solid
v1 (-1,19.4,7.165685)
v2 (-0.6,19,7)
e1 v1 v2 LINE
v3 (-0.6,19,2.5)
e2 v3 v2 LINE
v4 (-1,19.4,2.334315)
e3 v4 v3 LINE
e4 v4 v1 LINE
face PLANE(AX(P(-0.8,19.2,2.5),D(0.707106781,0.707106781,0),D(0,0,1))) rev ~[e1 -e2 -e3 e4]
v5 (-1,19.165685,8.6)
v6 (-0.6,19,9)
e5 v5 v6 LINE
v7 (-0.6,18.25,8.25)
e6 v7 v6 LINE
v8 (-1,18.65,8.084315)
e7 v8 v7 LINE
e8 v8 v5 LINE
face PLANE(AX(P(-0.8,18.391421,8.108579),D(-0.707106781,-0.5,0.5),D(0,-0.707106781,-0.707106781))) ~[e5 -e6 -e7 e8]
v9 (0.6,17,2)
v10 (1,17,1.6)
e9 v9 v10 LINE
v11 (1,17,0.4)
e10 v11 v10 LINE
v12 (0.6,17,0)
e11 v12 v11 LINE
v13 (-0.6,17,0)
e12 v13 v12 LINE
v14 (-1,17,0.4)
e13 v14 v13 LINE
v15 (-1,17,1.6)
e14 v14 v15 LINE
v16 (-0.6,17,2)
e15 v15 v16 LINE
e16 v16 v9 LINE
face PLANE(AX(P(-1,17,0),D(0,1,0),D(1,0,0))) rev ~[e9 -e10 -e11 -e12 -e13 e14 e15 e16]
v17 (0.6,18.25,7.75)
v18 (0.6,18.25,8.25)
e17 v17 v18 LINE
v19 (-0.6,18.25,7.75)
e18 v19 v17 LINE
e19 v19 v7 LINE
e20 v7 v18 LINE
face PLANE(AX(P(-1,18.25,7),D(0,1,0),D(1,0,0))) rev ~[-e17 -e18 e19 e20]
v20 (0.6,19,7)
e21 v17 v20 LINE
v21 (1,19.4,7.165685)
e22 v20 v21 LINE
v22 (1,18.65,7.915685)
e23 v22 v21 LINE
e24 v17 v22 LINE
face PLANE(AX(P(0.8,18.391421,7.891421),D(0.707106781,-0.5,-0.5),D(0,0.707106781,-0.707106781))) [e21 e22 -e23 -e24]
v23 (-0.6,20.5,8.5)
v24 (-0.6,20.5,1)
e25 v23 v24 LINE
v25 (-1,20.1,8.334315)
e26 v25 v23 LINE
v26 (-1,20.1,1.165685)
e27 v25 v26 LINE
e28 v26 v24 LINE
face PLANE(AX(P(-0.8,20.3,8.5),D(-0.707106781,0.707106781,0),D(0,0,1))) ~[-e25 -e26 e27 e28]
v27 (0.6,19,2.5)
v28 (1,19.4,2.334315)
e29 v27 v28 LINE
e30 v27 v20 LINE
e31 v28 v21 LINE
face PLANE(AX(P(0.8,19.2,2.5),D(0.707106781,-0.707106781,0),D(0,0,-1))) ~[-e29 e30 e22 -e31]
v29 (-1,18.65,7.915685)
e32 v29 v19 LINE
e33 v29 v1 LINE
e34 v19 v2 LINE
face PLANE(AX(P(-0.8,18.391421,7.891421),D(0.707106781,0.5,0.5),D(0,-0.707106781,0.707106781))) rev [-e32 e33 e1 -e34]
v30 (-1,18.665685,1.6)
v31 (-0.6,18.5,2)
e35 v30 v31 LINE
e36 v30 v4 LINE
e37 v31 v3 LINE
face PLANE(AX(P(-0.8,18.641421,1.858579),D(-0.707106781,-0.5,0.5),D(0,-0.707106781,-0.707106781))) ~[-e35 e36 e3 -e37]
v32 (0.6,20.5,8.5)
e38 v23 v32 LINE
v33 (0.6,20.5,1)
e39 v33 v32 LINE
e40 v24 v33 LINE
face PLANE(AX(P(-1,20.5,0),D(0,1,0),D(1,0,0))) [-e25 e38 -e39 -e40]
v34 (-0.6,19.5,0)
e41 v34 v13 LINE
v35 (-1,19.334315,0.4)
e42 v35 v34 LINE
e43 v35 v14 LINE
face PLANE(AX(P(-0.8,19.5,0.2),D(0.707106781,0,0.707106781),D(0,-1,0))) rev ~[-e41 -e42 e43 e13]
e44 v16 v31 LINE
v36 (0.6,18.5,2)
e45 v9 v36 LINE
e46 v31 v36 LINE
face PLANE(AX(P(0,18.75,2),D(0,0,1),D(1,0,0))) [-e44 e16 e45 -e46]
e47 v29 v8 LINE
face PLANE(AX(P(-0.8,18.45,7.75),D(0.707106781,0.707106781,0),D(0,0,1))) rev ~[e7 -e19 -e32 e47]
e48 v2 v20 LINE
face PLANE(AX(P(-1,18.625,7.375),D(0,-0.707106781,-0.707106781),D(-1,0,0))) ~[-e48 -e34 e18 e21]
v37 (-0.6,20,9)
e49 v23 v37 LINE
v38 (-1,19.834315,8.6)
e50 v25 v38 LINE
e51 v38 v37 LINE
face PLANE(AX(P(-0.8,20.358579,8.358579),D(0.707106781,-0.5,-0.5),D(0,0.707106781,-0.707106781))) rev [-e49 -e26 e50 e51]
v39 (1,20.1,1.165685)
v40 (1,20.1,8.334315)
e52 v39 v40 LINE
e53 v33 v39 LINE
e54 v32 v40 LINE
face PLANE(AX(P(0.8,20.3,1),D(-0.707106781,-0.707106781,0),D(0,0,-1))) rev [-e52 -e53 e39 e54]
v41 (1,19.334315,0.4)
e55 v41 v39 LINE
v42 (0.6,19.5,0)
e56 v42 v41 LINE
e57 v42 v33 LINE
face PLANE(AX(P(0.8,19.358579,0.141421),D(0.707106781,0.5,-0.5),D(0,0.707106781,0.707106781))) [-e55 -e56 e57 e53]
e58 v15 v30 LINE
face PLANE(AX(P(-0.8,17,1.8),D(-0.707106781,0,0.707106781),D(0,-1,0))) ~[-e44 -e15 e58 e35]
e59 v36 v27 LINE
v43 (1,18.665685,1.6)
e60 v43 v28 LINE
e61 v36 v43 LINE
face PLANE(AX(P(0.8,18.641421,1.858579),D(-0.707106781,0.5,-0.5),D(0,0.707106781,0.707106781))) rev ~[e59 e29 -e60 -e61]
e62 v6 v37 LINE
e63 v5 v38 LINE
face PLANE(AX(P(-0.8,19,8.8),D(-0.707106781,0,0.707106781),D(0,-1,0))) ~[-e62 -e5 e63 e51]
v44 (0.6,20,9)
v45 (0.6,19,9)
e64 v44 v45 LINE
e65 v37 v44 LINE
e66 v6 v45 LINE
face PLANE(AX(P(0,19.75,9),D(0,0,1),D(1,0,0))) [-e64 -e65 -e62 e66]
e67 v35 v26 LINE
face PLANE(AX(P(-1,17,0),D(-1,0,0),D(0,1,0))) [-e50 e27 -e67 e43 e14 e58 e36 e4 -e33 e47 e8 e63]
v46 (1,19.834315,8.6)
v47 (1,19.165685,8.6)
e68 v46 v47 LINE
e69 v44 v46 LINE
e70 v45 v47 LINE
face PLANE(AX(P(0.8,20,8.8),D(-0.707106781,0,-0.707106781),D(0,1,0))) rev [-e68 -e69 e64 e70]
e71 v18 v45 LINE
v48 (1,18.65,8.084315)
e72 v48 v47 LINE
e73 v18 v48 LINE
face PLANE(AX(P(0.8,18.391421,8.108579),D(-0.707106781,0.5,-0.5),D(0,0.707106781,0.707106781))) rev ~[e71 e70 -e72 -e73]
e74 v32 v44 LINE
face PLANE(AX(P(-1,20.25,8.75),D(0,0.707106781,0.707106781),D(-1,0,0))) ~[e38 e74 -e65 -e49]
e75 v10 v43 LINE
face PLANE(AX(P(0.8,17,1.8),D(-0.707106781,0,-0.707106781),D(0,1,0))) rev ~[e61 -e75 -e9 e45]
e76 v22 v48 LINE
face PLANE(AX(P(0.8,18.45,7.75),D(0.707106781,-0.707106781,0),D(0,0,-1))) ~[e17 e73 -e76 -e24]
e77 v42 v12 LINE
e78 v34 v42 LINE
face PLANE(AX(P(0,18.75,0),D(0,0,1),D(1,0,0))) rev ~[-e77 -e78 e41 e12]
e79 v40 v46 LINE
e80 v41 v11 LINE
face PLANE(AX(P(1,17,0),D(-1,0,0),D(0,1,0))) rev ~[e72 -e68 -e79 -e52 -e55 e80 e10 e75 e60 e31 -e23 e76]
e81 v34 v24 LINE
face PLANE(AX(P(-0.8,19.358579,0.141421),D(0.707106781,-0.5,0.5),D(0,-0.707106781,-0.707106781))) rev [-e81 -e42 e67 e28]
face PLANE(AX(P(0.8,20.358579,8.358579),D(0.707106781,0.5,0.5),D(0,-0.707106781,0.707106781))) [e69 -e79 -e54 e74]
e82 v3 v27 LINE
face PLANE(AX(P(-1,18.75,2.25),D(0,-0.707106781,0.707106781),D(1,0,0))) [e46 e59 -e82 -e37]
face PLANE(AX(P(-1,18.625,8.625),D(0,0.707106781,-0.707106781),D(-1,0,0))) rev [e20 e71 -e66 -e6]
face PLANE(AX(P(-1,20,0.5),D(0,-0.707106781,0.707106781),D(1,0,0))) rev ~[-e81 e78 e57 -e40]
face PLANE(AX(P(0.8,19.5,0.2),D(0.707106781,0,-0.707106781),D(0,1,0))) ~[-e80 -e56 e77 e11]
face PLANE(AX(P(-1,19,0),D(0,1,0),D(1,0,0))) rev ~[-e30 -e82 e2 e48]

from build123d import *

# Parameters (mm, degrees)
BOX002_W        = 2
BOX002_H        = 1.5
BOX002_DEPTH    = 2
CHAMFER003_SIZE = 0.75
BOX_W           = 2
BOX_H           = 3.5
BOX_DEPTH       = 2
BOX001_W        = 2
BOX001_H        = 1.5
BOX001_DEPTH    = 9
CHAMFER004_SIZE = 0.5
CHAMFER005_SIZE = 1
CHAMFER006_SIZE = 0.5
CHAMFER007_SIZE = 0.4


with BuildPart() as chamfer003:
    # Box002 → Box002 (new body)
    with BuildSketch(Plane(origin=(-1, 18.25, 7), x_dir=(1, 0, 0), z_dir=(0, 0, 1))):
        with Locations((1, 0.75)):
            Rectangle(BOX002_W, BOX002_H)
    extrude(amount=BOX002_DEPTH)

    # Chamfer003
    chamfer003_edges = [chamfer003.edges().sort_by_distance(p)[0] for p in [
        (0, 18.25, 7),
        (0, 18.25, 9),
    ]]
    chamfer(chamfer003_edges, length=CHAMFER003_SIZE)


with BuildPart() as cube:
    # Box → Box (new body)
    with BuildSketch(Plane(origin=(-1, 17, 0), x_dir=(1, 0, 0), z_dir=(0, 0, 1))):
        with Locations((1, 1.75)):
            Rectangle(BOX_W, BOX_H)
    extrude(amount=BOX_DEPTH)


with BuildPart() as chamfer007:
    # Box001 → Box001 (new body)
    with BuildSketch(Plane(origin=(-1, 19, 0), x_dir=(1, 0, 0), z_dir=(0, 0, 1))):
        with Locations((1, 0.75)):
            Rectangle(BOX001_W, BOX001_H)
    extrude(amount=BOX001_DEPTH)

    # Chamfer004
    chamfer004_edges = [chamfer007.edges().sort_by_distance(p)[0] for p in [
        (0, 20.5, 9),
    ]]
    chamfer(chamfer004_edges, length=CHAMFER004_SIZE)

    # Fusion: union Chamfer003, Cube
    add(chamfer003.part)
    add(cube.part)

    # Chamfer005
    chamfer005_edges = [chamfer007.edges().sort_by_distance(p)[0] for p in [
        (0, 20.5, 0),
    ]]
    chamfer(chamfer005_edges, length=CHAMFER005_SIZE)

    # Chamfer006
    chamfer006_edges = [chamfer007.edges().sort_by_distance(p)[0] for p in [
        (0, 19, 2),
    ]]
    chamfer(chamfer006_edges, length=CHAMFER006_SIZE)

    # Chamfer007
    chamfer007_edges = [chamfer007.edges().sort_by_distance(p)[0] for p in [
        (-1, 17.75, 2),
        (-1, 18.75, 2.25),
        (-1, 19, 4.75),
        (-1, 18.625, 7.375),
        (-1, 18.25, 8),
        (-1, 18.625, 8.625),
        (-1, 19.5, 9),
        (-1, 20.25, 8.75),
        (-1, 20.5, 4.75),
        (-1, 20, 0.5),
        (-1, 18.25, 0),
        (1, 17.75, 2),
        (1, 18.75, 2.25),
        (1, 19, 4.75),
        (1, 18.25, 0),
        (1, 18.625, 7.375),
        (1, 20, 0.5),
        (1, 18.25, 8),
        (1, 20.5, 4.75),
        (1, 18.625, 8.625),
        (1, 20.25, 8.75),
        (1, 19.5, 9),
    ]]
    chamfer(chamfer007_edges, length=CHAMFER007_SIZE)


solid = chamfer007.part
